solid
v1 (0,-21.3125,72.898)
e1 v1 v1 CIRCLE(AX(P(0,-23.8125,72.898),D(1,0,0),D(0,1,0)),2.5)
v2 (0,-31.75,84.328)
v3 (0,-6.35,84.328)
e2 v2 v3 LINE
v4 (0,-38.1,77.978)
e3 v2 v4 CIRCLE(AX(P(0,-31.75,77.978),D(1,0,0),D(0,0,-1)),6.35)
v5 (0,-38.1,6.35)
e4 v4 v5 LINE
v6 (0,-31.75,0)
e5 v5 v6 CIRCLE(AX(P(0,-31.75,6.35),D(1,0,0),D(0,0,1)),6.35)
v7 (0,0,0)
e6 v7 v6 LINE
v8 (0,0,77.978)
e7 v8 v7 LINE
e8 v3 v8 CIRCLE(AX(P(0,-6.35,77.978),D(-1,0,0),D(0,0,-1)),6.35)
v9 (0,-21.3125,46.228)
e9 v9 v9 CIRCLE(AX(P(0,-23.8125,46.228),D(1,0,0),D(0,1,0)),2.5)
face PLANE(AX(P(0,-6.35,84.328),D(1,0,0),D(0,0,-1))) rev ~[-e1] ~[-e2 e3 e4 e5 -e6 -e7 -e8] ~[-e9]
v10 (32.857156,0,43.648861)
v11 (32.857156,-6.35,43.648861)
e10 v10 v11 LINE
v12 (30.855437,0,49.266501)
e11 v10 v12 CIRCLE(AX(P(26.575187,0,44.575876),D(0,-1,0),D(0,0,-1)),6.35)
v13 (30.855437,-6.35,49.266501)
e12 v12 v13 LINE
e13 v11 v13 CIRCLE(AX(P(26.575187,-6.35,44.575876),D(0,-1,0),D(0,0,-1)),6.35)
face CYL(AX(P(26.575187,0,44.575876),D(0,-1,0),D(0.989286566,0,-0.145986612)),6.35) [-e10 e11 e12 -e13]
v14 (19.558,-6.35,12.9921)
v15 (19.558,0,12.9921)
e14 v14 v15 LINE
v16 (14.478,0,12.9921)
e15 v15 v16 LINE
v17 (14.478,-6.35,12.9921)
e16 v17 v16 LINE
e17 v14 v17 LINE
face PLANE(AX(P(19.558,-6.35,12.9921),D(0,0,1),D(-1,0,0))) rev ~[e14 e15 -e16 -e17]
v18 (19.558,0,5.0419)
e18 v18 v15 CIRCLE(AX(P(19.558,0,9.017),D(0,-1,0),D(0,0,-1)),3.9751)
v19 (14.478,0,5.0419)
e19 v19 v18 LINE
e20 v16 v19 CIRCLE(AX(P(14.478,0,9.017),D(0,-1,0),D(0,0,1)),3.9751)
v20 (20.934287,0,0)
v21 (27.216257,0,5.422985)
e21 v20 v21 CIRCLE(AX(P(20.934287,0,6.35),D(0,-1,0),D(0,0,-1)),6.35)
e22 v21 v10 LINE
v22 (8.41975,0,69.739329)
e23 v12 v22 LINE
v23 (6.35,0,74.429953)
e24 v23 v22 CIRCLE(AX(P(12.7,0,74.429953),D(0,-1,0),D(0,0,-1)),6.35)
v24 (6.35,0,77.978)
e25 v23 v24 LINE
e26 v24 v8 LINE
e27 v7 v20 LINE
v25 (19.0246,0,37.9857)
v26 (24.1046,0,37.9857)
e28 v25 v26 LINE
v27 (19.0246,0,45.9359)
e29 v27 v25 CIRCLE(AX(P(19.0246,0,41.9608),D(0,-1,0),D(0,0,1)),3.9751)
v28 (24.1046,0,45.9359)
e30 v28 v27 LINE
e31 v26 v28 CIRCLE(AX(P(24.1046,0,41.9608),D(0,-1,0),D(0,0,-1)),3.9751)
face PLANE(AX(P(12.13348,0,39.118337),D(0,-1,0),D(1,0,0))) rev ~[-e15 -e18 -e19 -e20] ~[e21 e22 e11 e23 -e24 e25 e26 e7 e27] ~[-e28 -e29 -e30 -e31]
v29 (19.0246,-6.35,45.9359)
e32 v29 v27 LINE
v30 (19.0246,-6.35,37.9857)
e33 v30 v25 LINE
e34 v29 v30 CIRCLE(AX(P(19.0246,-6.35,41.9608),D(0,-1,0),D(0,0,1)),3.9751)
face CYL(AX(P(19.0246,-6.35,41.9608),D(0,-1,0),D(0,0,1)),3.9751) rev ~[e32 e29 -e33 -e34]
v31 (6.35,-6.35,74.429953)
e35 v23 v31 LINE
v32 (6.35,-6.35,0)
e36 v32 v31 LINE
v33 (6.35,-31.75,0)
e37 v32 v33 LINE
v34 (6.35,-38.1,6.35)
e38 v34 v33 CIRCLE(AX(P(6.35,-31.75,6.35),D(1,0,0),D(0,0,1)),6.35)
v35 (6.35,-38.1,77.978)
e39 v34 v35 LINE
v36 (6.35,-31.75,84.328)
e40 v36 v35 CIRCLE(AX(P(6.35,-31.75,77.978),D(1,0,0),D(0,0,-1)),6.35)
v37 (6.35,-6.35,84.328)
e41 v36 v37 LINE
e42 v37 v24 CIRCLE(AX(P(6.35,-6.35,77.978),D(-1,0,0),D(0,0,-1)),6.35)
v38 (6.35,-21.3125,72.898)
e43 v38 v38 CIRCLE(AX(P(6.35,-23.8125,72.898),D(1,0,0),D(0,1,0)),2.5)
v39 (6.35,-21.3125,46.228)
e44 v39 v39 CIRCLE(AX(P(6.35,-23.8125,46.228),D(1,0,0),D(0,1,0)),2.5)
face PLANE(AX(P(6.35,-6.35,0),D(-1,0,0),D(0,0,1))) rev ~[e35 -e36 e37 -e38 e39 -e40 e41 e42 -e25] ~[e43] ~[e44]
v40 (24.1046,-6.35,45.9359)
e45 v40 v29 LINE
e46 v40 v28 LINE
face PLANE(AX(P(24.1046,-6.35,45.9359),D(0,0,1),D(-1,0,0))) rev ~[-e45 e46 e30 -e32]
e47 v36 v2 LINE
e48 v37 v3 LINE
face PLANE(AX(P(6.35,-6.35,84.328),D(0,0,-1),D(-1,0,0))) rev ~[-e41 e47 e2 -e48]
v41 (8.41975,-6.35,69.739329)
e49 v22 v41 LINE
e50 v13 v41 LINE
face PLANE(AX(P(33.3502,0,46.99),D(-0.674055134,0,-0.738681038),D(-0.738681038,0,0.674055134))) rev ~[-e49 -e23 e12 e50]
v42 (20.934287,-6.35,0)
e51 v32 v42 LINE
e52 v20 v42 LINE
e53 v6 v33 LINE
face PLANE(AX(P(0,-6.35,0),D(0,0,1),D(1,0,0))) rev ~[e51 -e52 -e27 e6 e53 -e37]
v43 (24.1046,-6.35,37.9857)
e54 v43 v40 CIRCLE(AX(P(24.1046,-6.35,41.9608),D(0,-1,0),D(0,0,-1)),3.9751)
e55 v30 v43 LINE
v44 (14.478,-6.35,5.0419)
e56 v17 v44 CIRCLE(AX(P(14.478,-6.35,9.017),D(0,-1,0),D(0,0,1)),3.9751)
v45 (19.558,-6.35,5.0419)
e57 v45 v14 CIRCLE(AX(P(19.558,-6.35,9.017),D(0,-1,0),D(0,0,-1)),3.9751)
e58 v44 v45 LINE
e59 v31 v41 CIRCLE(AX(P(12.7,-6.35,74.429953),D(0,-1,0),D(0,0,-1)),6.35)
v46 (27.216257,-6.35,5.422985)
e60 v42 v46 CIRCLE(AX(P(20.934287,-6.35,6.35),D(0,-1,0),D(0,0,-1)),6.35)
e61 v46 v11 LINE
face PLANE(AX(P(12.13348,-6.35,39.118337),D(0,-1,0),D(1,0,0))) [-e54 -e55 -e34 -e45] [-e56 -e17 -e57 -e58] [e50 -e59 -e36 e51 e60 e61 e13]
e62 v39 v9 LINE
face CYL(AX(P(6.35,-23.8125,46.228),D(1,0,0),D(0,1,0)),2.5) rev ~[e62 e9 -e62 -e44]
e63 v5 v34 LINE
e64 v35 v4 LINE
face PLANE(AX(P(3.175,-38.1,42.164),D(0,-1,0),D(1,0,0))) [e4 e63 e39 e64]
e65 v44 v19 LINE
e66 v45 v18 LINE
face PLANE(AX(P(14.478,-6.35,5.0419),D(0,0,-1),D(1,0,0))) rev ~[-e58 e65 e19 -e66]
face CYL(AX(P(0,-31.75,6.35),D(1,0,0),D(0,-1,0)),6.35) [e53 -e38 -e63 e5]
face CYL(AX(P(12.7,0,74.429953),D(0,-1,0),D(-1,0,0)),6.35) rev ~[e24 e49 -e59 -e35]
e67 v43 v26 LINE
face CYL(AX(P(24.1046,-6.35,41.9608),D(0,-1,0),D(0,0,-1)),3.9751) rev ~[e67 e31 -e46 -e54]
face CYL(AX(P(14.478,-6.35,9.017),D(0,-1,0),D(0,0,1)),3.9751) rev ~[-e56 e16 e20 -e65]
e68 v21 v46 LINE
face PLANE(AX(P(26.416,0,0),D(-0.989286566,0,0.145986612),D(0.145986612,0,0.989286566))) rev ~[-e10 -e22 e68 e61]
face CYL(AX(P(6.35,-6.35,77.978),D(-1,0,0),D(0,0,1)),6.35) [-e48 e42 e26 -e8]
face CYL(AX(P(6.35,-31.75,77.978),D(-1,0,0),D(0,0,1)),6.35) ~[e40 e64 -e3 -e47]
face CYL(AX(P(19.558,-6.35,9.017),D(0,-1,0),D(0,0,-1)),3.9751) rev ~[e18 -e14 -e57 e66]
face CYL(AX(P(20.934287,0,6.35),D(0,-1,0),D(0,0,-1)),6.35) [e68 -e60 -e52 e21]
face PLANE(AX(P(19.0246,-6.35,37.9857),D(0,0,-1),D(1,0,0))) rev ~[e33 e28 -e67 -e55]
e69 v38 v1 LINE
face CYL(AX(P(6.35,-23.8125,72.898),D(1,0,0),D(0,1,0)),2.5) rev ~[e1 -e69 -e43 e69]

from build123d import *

# Parameters (mm, degrees)
F1_DEPTH = 6.35
F3_DEPTH = 31.75
F5_DEPTH = 25.4
F6_R     = 2.5
F7_DEPTH = 25.4
F8_R     = 6.35


with BuildPart() as f1:
    # F0 (on Front) → F1 (new body)
    with BuildSketch(Plane.XZ):
        Polygon((0, 84.328), (0, 0), (26.416, 0), (33.3502, 46.99), (6.35, 71.628), (6.35, 84.328), align=None)
    extrude(amount=F1_DEPTH)

    # F2 (on face) → F3 (join)
    with BuildSketch(Plane.XZ.offset(6.35)):
        Polygon((0, 84.328), (0, 0), (6.35, 0), (6.35, 71.628), (6.35, 84.328), align=None)
    extrude(amount=F3_DEPTH)

    # F4 (on face) → F5 (cut)
    with BuildSketch(Plane.XZ.offset(6.35)):
        with BuildLine():
            Line((19.558, 12.9921), (14.478, 12.9921))
            ThreePointArc((14.478, 12.9921), (10.5029, 9.017), (14.478, 5.0419))
            Line((14.478, 5.0419), (19.558, 5.0419))
            ThreePointArc((19.558, 5.0419), (23.5331, 9.017), (19.558, 12.9921))
        make_face()
        with BuildLine():
            Line((24.1046, 45.9359), (19.0246, 45.9359))
            ThreePointArc((19.0246, 45.9359), (15.0495, 41.9608), (19.0246, 37.9857))
            Line((19.0246, 37.9857), (24.1046, 37.9857))
            ThreePointArc((24.1046, 37.9857), (28.0797, 41.9608), (24.1046, 45.9359))
        make_face()
    extrude(amount=-F5_DEPTH, mode=Mode.SUBTRACT)

    # F6 (on face) → F7 (cut)
    with BuildSketch(Plane.YZ.offset(6.35)):
        with Locations((-23.8125, 46.228)):
            Circle(F6_R)
        with Locations((-23.8125, 72.898)):
            Circle(F6_R)
    extrude(amount=-F7_DEPTH, mode=Mode.SUBTRACT)

    # F8
    f8_edges = [f1.edges().sort_by_distance(p)[0] for p in [
        (26.416, -3.175, 0),
        (33.3502, -3.175, 46.99),
        (6.35, -3.175, 71.628),
        (3.175, 0, 84.328),
        (3.175, -38.1, 84.328),
        (3.175, -38.1, 0),
    ]]
    fillet(f8_edges, radius=F8_R)


solid = f1.part
